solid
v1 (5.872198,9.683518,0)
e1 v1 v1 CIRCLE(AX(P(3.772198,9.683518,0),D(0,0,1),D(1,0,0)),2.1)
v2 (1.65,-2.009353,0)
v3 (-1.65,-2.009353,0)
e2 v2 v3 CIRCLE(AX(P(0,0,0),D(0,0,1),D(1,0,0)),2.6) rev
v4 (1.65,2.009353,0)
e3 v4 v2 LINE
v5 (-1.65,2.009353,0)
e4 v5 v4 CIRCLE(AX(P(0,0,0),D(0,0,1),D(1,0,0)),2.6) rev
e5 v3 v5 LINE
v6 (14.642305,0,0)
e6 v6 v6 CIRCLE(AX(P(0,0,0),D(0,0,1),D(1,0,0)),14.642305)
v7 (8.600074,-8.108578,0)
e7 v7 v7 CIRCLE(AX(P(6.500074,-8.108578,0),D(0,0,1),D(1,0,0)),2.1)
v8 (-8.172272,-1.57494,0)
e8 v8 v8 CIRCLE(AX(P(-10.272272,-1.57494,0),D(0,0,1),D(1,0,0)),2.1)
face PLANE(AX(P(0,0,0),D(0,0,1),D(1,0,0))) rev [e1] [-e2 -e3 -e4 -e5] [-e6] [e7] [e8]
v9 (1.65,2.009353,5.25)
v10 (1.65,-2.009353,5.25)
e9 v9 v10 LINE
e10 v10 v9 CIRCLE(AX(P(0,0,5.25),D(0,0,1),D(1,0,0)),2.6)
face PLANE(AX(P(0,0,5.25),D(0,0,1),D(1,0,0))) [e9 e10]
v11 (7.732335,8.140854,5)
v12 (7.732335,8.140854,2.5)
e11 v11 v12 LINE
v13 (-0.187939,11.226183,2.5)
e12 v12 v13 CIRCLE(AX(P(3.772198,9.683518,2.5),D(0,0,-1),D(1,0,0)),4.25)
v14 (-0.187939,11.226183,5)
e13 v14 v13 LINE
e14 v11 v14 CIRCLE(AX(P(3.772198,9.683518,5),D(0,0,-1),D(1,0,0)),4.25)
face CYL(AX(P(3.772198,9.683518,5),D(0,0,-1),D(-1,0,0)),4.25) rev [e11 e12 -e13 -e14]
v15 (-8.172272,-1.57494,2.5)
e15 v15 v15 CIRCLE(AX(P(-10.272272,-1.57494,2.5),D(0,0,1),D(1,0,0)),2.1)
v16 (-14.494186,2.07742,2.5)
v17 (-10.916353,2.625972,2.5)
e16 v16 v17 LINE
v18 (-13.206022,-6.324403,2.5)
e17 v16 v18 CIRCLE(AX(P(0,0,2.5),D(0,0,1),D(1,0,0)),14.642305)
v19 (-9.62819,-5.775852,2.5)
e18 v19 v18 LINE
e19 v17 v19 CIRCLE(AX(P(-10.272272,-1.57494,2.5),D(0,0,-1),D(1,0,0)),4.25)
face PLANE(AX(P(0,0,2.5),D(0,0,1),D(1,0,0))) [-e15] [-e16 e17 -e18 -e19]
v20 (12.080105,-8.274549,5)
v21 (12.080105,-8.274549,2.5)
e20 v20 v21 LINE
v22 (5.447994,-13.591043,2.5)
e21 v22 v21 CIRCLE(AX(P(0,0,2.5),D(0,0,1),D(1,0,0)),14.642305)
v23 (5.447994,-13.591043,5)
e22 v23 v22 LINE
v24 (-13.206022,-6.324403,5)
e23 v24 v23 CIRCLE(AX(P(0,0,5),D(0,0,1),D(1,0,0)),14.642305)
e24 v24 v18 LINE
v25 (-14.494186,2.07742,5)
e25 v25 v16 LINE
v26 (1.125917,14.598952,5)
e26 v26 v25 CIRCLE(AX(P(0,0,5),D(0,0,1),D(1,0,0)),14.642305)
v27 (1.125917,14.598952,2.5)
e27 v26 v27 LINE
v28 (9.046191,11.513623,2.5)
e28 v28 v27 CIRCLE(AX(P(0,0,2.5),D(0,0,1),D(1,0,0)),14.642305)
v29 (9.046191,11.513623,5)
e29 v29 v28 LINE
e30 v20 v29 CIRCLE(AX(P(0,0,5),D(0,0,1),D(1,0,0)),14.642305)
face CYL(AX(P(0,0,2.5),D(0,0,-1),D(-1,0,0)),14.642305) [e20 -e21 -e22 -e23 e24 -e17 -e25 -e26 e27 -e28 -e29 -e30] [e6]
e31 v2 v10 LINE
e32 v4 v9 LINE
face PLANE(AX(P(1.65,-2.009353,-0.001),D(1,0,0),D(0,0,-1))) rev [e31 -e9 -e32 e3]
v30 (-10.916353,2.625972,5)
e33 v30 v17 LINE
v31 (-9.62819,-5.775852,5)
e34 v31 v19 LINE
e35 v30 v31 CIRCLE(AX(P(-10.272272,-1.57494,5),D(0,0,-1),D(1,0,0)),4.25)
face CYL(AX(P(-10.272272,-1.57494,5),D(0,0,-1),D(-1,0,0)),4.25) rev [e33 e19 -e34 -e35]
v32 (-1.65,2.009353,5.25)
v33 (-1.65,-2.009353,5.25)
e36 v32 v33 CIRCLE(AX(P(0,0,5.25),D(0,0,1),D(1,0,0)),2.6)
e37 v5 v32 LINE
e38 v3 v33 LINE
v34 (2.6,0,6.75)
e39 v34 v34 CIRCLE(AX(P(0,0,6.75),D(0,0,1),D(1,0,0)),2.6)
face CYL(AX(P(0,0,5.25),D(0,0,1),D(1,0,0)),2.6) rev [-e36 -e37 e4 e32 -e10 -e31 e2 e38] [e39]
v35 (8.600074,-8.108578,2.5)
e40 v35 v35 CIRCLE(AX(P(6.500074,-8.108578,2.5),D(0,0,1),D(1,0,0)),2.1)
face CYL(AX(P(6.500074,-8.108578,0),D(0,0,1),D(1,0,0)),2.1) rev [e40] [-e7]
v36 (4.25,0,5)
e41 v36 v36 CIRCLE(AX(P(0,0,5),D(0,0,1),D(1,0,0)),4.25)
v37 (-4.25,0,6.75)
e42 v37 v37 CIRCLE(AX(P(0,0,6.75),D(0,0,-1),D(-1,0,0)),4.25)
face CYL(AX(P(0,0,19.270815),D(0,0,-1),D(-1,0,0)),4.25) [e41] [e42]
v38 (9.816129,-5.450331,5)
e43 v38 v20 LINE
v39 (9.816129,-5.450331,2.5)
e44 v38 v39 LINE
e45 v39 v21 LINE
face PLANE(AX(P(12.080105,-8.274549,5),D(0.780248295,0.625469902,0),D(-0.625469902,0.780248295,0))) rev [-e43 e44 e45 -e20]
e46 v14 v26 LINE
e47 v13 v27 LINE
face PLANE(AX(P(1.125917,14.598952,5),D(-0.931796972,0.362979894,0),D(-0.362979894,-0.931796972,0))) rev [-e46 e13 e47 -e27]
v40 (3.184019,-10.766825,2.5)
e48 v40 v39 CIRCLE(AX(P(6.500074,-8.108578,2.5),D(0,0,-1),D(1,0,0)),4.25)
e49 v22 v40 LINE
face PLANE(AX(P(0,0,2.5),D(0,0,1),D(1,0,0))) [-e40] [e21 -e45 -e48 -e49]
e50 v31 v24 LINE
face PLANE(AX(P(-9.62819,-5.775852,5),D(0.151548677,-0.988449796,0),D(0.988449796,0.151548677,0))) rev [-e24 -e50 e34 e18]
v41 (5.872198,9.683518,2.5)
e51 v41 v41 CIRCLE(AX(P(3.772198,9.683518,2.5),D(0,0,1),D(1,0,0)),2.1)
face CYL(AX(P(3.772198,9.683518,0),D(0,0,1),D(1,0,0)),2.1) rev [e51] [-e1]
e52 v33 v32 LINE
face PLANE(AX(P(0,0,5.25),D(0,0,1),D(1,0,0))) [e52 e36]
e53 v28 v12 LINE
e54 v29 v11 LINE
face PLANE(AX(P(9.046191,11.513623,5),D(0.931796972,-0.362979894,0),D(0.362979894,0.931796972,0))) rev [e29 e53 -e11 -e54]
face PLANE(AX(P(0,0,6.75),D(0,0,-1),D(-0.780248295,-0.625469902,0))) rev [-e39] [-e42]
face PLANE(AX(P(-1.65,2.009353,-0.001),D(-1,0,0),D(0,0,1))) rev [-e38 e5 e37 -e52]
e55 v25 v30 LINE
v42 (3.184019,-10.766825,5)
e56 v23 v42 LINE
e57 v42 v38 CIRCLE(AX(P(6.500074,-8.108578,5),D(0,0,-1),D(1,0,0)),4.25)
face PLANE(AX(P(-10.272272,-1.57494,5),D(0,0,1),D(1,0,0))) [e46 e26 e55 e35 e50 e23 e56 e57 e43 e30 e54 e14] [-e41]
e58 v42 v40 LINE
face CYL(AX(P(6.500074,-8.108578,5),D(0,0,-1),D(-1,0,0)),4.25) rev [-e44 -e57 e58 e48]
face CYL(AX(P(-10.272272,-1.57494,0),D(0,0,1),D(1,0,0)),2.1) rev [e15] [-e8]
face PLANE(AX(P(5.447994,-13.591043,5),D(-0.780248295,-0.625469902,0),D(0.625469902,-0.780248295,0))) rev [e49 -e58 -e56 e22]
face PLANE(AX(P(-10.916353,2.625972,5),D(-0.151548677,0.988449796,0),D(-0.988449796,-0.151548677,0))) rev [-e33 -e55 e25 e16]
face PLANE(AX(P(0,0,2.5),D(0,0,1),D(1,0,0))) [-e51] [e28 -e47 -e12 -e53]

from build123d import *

# Parameters (mm, degrees)
SKETCH1_R           = 14.642304845
BOSS_EXTRUDE1_DEPTH = 2.5
BOSS_EXTRUDE2_DEPTH = 2.5
SKETCH3_R           = 4.25
BOSS_EXTRUDE3_DEPTH = 1.75
SKETCH4_R           = 2.1
CUT_EXTRUDE1_DEPTH  = 22.138984895
SKETCH5_R           = 2.6
CUT_EXTRUDE2_DEPTH  = 1.5
CUT_EXTRUDE3_REACH  = 23.78


with BuildPart() as part:
    # Sketch1 → Boss-Extrude1 (new body)
    with BuildSketch(Plane.XY):
        Circle(SKETCH1_R)
    extrude(amount=BOSS_EXTRUDE1_DEPTH)

    # Sketch2 → Boss-Extrude2 (add)
    with BuildSketch(Plane.XY.offset(2.5)):
        with BuildLine():
            Line((9.046191288, 11.513622991), (7.732334838, 8.140853638))
            ThreePointArc((7.732334838, 8.140853638), (2.22953316, 5.723381055), (-0.187939423, 11.226182734))
            Line((-0.187939423, 11.226182734), (1.125917027, 14.598952087))
            ThreePointArc((1.125917027, 14.598952087), (-9.158320976, 11.424633389), (-14.494185643, 2.077419967))
            Line((-14.494185643, 2.077419967), (-10.916353478, 2.625971582))
            ThreePointArc((-10.916353478, 2.625971582), (-6.071359969, -0.930858173), (-9.628189724, -5.775851681))
            Line((-9.628189724, -5.775851681), (-13.206021889, -6.324403296))
            ThreePointArc((-13.206021889, -6.324403296), (-5.314862256, -13.643655316), (5.447994356, -13.591042958))
            Line((5.447994356, -13.591042958), (3.18401864, -10.766825219))
            ThreePointArc((3.18401864, -10.766825219), (3.84182681, -4.792522882), (9.816129146, -5.450331052))
            Line((9.816129146, -5.450331052), (12.080104862, -8.274548791))
            ThreePointArc((12.080104862, -8.274548791), (14.473183232, 2.219021927), (9.046191288, 11.513622991))
        make_face()
    extrude(amount=BOSS_EXTRUDE2_DEPTH)

    # Sketch3 → Boss-Extrude3 (add)
    with BuildSketch(Plane.XY.offset(5)):
        with Locations(Location((0, 0, 0), (0, 0, 180))):
            Circle(SKETCH3_R)
    extrude(amount=BOSS_EXTRUDE3_DEPTH)

    # Sketch4 → Cut-Extrude1 (cut, through all)
    with BuildSketch(Plane.XY.offset(2.5)):
        with Locations((3.772197708, 9.683518186)):
            Circle(SKETCH4_R)
        with Locations((-10.272271601, -1.57494005)):
            Circle(SKETCH4_R)
        with Locations((6.500073893, -8.108578136)):
            Circle(SKETCH4_R)
    extrude(amount=-CUT_EXTRUDE1_DEPTH, mode=Mode.SUBTRACT)

    # Sketch5 → Cut-Extrude2 (cut)
    with BuildSketch(Plane.XY.offset(6.75)):
        Circle(SKETCH5_R)
    extrude(amount=-CUT_EXTRUDE2_DEPTH, mode=Mode.SUBTRACT)

    # Sketch6 → Cut-Extrude3 (cut, up to next)
    with BuildSketch(Plane.XY.offset(6.75), mode=Mode.PRIVATE) as cut_extrude3_sk1:
        with BuildLine():
            Line((-1.65, 2.00935313), (-1.65, -2.00935313))
            ThreePointArc((-1.65, -2.00935313), (0, -2.6), (1.65, -2.00935313))
            Line((1.65, -2.00935313), (1.65, 2.00935313))
            ThreePointArc((1.65, 2.00935313), (0, 2.6), (-1.65, 2.00935313))
        make_face()
    cut_extrude3_tool1 = extrude(cut_extrude3_sk1.sketch, amount=-CUT_EXTRUDE3_REACH, mode=Mode.PRIVATE) & part.part
    add(cut_extrude3_tool1.solids().sort_by_distance((0, 0, 6.75))[0], mode=Mode.SUBTRACT)


solid = part.part
